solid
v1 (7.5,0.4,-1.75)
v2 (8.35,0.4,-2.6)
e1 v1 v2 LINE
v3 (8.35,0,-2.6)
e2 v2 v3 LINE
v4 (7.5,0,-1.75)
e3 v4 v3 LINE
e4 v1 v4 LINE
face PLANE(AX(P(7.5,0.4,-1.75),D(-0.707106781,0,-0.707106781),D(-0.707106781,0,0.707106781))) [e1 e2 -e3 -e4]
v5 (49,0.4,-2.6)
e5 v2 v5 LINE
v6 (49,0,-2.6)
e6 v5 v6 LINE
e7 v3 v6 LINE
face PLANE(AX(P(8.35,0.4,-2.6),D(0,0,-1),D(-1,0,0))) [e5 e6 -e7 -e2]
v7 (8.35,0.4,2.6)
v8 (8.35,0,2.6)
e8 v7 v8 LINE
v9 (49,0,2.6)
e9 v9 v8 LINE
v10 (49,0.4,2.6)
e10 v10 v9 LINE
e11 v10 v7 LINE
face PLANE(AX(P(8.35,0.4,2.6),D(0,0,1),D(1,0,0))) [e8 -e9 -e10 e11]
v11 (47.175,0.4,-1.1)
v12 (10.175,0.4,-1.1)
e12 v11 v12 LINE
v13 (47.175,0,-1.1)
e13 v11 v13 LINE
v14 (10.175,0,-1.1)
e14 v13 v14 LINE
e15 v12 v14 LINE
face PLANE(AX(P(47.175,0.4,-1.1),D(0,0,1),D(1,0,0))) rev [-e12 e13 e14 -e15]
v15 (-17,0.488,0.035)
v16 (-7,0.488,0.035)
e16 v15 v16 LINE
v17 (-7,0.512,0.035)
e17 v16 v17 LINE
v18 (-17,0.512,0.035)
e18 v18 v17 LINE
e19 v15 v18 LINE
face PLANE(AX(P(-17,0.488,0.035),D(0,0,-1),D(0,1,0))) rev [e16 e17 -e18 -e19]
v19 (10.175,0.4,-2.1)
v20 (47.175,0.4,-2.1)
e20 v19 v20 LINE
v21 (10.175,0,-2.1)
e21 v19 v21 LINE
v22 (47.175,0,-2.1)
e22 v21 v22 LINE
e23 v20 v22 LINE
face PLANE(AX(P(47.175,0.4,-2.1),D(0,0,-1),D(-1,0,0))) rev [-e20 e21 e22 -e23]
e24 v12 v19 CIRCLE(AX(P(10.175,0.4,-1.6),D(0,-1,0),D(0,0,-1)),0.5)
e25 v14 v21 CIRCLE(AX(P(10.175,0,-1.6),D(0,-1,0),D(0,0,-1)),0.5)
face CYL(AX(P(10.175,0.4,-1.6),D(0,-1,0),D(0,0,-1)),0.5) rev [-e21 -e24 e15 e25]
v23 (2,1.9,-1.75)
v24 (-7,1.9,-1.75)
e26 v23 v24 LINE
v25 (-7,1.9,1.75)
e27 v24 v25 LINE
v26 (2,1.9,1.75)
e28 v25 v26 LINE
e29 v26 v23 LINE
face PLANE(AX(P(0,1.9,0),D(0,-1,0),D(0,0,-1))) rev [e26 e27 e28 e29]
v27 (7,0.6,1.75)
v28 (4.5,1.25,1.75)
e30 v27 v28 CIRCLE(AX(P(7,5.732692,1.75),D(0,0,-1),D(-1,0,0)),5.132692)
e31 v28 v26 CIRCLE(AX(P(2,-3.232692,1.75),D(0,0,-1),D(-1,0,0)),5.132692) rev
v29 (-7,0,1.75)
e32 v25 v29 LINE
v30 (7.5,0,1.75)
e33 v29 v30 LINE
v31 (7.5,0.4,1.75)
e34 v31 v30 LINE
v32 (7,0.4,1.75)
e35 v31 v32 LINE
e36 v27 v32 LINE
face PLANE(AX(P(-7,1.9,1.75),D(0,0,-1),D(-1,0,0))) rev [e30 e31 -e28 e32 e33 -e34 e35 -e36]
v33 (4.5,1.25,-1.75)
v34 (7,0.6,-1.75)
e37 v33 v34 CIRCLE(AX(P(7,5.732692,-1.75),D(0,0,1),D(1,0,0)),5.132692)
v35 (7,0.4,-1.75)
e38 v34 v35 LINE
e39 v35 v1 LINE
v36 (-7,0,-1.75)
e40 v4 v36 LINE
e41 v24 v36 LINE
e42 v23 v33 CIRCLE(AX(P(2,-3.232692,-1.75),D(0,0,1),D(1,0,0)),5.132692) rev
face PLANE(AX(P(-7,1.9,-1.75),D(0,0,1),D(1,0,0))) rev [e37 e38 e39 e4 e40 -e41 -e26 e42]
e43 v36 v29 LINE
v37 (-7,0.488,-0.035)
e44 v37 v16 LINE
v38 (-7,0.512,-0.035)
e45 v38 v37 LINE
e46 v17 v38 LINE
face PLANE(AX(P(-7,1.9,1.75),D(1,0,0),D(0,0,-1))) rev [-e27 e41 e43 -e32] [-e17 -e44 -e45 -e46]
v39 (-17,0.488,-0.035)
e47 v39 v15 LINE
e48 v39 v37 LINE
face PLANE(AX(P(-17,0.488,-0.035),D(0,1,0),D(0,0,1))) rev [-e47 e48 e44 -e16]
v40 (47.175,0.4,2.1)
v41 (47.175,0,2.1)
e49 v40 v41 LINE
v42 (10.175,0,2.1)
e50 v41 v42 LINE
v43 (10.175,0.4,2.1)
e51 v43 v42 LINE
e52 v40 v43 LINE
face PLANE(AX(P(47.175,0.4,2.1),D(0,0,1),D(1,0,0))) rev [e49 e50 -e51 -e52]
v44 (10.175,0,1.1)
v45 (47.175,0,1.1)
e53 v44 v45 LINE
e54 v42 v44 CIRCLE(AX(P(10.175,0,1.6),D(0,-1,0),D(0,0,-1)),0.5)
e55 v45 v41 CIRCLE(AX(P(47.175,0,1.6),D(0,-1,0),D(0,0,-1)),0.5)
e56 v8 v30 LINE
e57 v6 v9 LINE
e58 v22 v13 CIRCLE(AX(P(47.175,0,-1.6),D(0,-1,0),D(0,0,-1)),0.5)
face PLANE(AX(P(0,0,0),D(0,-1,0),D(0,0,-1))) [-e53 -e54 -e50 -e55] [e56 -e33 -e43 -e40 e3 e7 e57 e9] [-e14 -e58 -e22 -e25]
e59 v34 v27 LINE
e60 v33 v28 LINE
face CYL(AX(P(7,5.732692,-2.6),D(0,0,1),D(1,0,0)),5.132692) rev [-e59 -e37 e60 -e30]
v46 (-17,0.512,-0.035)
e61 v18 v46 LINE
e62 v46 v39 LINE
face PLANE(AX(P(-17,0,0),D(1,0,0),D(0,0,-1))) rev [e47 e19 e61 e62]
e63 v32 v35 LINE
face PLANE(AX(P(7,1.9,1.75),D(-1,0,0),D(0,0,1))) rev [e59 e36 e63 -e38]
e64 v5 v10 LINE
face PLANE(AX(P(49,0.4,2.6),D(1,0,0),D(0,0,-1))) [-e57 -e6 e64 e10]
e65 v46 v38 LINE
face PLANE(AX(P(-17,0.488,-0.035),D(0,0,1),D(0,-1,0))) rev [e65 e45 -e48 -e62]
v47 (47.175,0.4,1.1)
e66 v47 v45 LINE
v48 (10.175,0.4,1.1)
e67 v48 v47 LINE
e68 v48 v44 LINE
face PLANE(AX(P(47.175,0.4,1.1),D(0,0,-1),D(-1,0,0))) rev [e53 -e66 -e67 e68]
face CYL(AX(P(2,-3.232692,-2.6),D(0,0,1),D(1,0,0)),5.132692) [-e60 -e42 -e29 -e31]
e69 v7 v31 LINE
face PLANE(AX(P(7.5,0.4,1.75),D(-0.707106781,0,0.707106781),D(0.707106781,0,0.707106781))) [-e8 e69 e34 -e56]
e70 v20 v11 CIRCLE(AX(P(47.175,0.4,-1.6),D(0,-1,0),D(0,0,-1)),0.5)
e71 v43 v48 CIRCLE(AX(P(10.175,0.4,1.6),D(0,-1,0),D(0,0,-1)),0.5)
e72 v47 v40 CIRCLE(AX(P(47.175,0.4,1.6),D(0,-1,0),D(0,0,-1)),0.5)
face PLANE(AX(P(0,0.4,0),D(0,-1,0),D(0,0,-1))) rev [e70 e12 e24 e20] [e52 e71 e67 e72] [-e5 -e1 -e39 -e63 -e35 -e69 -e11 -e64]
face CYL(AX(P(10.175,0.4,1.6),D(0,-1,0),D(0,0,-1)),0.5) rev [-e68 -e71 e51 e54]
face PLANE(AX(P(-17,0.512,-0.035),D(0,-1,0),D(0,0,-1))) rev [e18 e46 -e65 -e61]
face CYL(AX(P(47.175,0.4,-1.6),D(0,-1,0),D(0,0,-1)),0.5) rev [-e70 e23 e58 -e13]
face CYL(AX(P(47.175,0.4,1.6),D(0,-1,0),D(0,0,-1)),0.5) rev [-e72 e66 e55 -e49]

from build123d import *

# Parameters (mm, degrees)
SKETCH1_W               = 14
SKETCH1_H               = 3.5
BOSS_EXTRUDE1_DEPTH     = 1.9
BOSS_EXTRUDE2_DEPTH     = 0.4
CUT_EXTRUDE1_DEPTH      = 50.105702317
CUT_EXTRUDE1_DEPTH_BACK = 50.105702317
SKETCH4_W               = 0.07
SKETCH4_H               = 0.024
BOSS_EXTRUDE3_DEPTH     = 10


with BuildPart() as part:
    # Sketch1 → Boss-Extrude1 (new body)
    with BuildSketch(Plane(origin=(0, 0, 0), x_dir=(1, 0, 0), z_dir=(0, 1, 0))):
        Rectangle(SKETCH1_W, SKETCH1_H)
    extrude(amount=BOSS_EXTRUDE1_DEPTH)

    # Sketch2 → Boss-Extrude2 (add)
    with BuildSketch(Plane.XZ):
        Polygon((7, -1.75), (7.5, -1.75), (8.35, -2.6), (49, -2.6), (49, 2.6), (8.35, 2.6), (7.5, 1.75), (7, 1.75), align=None)
        with BuildLine():
            Line((47.175, 1.1), (10.175, 1.1))
            ThreePointArc((10.175, 1.1), (9.675, 1.6), (10.175, 2.1))
            Line((10.175, 2.1), (47.175, 2.1))
            ThreePointArc((47.175, 2.1), (47.675, 1.6), (47.175, 1.1))
        make_face(mode=Mode.SUBTRACT)
        with BuildLine():
            Line((47.175, -2.1), (10.175, -2.1))
            ThreePointArc((10.175, -2.1), (9.675, -1.6), (10.175, -1.1))
            Line((10.175, -1.1), (47.175, -1.1))
            ThreePointArc((47.175, -1.1), (47.675, -1.6), (47.175, -2.1))
        make_face(mode=Mode.SUBTRACT)
    extrude(amount=-BOSS_EXTRUDE2_DEPTH)

    # Sketch3 → Cut-Extrude1 (cut, two sides: drawn at the far end of the back side and taken through both)
    with BuildSketch(Plane.XY.offset(-CUT_EXTRUDE1_DEPTH_BACK)):
        with BuildLine():
            Line((7, 0.6), (7, 1.9))
            Line((7, 1.9), (2, 1.9))
            ThreePointArc((2, 1.9), (3.291559135, 1.734842828), (4.5, 1.25))
            ThreePointArc((4.5, 1.25), (5.708440865, 0.765157172), (7, 0.6))
        make_face()
    extrude(amount=CUT_EXTRUDE1_DEPTH + CUT_EXTRUDE1_DEPTH_BACK, mode=Mode.SUBTRACT)

    # Sketch4 → Boss-Extrude3 (add)
    with BuildSketch(Plane.ZY.offset(7)):
        with Locations((0, 0.5)):
            Rectangle(SKETCH4_W, SKETCH4_H)
    extrude(amount=BOSS_EXTRUDE3_DEPTH)


solid = part.part
